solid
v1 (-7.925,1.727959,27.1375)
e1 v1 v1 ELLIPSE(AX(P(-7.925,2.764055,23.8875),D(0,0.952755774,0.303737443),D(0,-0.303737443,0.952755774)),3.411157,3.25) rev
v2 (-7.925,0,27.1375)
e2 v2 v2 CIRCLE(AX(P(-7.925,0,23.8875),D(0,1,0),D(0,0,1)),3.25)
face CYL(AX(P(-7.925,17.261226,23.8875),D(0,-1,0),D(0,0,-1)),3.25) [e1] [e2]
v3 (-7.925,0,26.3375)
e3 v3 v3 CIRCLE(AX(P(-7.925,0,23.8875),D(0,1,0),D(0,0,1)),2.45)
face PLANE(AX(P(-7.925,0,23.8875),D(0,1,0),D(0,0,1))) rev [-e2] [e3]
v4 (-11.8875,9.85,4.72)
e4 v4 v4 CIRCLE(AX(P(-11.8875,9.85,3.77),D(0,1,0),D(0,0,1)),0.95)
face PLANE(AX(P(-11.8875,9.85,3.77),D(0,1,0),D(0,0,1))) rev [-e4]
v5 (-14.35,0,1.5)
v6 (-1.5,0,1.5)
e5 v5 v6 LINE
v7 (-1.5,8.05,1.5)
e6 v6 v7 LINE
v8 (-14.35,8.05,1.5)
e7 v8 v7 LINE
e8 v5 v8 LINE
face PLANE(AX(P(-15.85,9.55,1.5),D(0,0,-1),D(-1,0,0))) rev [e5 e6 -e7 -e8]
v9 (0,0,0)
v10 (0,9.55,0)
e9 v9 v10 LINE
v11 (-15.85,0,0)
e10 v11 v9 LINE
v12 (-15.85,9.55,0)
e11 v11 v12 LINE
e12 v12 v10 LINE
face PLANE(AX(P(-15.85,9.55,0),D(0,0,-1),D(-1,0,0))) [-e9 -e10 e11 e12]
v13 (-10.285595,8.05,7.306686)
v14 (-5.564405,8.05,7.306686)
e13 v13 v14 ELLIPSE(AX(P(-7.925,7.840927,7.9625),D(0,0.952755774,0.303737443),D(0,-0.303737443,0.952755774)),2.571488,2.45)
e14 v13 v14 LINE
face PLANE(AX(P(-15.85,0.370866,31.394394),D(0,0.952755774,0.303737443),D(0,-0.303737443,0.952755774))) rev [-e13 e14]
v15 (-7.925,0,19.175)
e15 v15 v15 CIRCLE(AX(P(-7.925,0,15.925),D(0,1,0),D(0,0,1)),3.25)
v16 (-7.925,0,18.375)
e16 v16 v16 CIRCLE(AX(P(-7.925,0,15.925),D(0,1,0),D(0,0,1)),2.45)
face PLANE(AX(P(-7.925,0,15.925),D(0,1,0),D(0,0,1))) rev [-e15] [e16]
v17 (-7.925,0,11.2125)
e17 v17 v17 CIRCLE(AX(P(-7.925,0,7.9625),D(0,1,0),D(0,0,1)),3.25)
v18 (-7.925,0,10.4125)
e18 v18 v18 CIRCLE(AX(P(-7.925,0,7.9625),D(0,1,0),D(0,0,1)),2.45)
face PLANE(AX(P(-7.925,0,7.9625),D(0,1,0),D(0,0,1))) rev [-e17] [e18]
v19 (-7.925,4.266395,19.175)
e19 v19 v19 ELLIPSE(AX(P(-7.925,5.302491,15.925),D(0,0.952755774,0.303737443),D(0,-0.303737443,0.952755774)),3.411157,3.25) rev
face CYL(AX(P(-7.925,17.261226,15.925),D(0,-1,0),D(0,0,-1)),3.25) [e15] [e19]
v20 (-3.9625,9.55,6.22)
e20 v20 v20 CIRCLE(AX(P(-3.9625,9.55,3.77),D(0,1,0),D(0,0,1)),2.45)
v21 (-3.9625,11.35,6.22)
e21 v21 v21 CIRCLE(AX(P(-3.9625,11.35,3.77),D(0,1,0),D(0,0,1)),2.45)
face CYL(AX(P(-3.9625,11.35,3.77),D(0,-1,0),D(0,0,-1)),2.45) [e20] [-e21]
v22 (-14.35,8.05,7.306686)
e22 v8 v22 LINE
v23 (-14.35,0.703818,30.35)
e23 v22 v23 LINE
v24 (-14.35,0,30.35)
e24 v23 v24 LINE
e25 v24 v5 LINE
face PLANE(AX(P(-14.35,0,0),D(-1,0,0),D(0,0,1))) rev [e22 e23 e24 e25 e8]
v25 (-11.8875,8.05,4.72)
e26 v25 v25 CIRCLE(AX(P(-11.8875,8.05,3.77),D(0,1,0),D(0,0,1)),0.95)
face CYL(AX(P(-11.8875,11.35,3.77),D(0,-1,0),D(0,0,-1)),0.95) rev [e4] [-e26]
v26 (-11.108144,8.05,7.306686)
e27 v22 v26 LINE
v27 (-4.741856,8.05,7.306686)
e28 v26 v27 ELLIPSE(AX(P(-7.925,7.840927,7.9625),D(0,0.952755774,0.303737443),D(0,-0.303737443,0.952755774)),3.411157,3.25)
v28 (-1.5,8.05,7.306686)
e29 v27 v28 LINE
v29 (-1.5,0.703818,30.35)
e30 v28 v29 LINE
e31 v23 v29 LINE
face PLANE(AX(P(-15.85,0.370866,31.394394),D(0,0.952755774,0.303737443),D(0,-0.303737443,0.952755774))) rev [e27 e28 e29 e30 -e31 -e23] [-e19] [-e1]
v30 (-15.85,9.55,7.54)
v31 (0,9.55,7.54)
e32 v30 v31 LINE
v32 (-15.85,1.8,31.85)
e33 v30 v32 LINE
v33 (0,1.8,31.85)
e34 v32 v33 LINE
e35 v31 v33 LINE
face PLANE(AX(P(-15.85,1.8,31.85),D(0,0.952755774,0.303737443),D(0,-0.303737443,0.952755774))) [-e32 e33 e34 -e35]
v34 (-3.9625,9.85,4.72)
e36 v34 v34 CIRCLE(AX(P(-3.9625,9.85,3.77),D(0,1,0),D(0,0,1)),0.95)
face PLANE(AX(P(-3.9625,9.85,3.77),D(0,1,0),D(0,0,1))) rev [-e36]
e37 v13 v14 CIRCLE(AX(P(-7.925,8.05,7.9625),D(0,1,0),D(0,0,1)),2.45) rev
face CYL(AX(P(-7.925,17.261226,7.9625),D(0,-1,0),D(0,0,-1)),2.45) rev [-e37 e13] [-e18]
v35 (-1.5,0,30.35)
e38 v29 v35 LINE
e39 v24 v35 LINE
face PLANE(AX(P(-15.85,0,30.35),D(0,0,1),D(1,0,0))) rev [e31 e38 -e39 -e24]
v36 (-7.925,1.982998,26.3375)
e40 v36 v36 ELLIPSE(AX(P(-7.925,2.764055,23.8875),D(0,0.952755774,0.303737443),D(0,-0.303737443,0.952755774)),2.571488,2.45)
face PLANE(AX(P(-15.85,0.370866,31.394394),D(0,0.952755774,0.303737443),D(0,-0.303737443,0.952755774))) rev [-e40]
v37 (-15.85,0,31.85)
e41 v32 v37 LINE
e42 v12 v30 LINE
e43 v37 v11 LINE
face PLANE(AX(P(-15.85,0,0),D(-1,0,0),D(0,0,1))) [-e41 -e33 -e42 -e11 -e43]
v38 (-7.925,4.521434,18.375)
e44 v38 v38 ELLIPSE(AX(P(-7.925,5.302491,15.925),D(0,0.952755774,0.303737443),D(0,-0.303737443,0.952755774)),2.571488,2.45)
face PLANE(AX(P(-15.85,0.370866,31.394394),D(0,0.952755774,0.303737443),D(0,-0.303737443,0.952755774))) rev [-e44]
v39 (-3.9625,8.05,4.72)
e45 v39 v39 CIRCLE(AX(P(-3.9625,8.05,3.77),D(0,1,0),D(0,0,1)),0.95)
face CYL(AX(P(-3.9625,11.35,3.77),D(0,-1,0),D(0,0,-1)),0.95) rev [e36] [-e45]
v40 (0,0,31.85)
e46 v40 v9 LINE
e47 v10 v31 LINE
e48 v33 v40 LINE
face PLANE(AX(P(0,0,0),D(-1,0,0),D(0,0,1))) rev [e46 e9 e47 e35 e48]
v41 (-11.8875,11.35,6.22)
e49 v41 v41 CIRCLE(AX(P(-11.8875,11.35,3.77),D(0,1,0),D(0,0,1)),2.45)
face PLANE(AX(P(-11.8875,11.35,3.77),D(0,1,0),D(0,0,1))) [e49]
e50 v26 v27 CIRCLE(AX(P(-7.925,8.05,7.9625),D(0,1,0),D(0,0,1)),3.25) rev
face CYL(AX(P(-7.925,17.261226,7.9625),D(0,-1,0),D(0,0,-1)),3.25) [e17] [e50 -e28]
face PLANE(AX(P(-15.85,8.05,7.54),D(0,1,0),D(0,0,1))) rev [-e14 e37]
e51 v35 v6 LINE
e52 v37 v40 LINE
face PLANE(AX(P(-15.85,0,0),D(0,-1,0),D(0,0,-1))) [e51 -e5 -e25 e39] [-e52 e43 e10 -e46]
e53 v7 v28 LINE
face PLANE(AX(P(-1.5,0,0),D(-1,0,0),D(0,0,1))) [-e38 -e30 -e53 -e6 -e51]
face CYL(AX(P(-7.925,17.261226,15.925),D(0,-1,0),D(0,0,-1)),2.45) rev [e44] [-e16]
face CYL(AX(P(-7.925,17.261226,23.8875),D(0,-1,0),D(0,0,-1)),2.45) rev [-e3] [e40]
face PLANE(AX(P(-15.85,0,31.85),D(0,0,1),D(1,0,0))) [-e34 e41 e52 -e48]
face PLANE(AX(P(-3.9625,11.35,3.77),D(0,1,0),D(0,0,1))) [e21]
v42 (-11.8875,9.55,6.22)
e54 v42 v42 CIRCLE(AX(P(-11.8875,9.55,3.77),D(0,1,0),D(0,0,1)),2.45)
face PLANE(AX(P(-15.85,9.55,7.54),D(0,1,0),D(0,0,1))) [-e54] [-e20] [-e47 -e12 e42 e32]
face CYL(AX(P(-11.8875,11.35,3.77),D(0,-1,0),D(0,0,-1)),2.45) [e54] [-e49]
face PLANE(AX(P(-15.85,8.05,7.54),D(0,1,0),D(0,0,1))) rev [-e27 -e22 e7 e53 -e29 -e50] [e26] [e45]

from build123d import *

# Parameters (mm, degrees)
BOSS_EXTRUDE1_DEPTH = 15.85
SKETCH3_R           = 2.45
BOSS_EXTRUDE2_DEPTH = 1.8
SHELL1_T            = -1.5
BOSS_EXTRUDE3_REACH = 39.343
SKETCH4_R           = 3.25
SKETCH4_R_2         = 2.45


with BuildPart() as part:
    # Sketch2 → Boss-Extrude1 (new body)
    with BuildSketch(Plane(origin=(0, 0, 0), x_dir=(0, 0, -1), z_dir=(1, 0, 0))):
        Polygon((0, 0), (-31.85, 0), (-31.85, 1.8), (-7.54, 9.55), (0, 9.55), align=None)
    extrude(amount=-BOSS_EXTRUDE1_DEPTH)

    # Sketch3 → Boss-Extrude2 (add)
    with BuildSketch(Plane(origin=(0, 9.55, 0), x_dir=(1, 0, 0), z_dir=(0, 1, 0))):
        with Locations(Location((-11.8875, -3.77, 0), (0, 0, 270))):
            Circle(SKETCH3_R)
        with Locations(Location((-3.9625, -3.77, 0), (0, 0, 270))):
            Circle(SKETCH3_R)
    extrude(amount=BOSS_EXTRUDE2_DEPTH)

    # Shell1
    shell1_openings = [part.faces().sort_by_distance(p)[0] for p in [
        (-7.925, 0, 15.925),
    ]]
    offset(amount=SHELL1_T, openings=shell1_openings, kind=Kind.INTERSECTION)

    # Boss-Extrude3: up to this plane
    boss_extrude3_end = Plane(origin=(-15.85, 0.370866339, 31.394393835), z_dir=(0, 0.952755774285987, 0.30373744346838355))
    # Sketch4 → Boss-Extrude3 (add, up to the surface)
    with BuildSketch(Plane(origin=(0, 0, 0), x_dir=(1, 0, 0), z_dir=(0, 1, 0)), mode=Mode.PRIVATE) as boss_extrude3_sk1:
        with Locations(Location((-7.925, -23.8875, 0), (0, 0, 270))):
            Circle(SKETCH4_R)
        with Locations(Location((-7.925, -23.8875, 0), (0, 0, 270))):
            Circle(SKETCH4_R_2, mode=Mode.SUBTRACT)
    boss_extrude3_tool1 = split(extrude(boss_extrude3_sk1.sketch, amount=BOSS_EXTRUDE3_REACH, mode=Mode.PRIVATE), bisect_by=boss_extrude3_end, keep=Keep.BOTH, mode=Mode.PRIVATE)
    add(boss_extrude3_tool1.solids().sort_by_distance((-7.925, 0, 20.729424))[0])
    # Sketch4 → Boss-Extrude3 (add, up to the surface)
    with BuildSketch(Plane(origin=(0, 0, 0), x_dir=(1, 0, 0), z_dir=(0, 1, 0)), mode=Mode.PRIVATE) as boss_extrude3_sk2:
        with Locations(Location((-7.925, -15.925, 0), (0, 0, 270))):
            Circle(SKETCH4_R)
        with Locations(Location((-7.925, -15.925, 0), (0, 0, 270))):
            Circle(SKETCH4_R_2, mode=Mode.SUBTRACT)
    boss_extrude3_tool2 = split(extrude(boss_extrude3_sk2.sketch, amount=BOSS_EXTRUDE3_REACH, mode=Mode.PRIVATE), bisect_by=boss_extrude3_end, keep=Keep.BOTH, mode=Mode.PRIVATE)
    add(boss_extrude3_tool2.solids().sort_by_distance((-7.925, 0, 12.766924))[0])
    # Sketch4 → Boss-Extrude3 (add, up to the surface)
    with BuildSketch(Plane(origin=(0, 0, 0), x_dir=(1, 0, 0), z_dir=(0, 1, 0)), mode=Mode.PRIVATE) as boss_extrude3_sk3:
        with Locations(Location((-7.925, -7.9625, 0), (0, 0, 11.641598249))):
            Circle(SKETCH4_R)
        with Locations(Location((-7.925, -7.9625, 0), (0, 0, 15.526222554))):
            Circle(SKETCH4_R_2, mode=Mode.SUBTRACT)
    boss_extrude3_tool3 = split(extrude(boss_extrude3_sk3.sketch, amount=BOSS_EXTRUDE3_REACH, mode=Mode.PRIVATE), bisect_by=boss_extrude3_end, keep=Keep.BOTH, mode=Mode.PRIVATE)
    add(boss_extrude3_tool3.solids().sort_by_distance((-11.018111, 0, 8.599765))[0])


solid = part.part
